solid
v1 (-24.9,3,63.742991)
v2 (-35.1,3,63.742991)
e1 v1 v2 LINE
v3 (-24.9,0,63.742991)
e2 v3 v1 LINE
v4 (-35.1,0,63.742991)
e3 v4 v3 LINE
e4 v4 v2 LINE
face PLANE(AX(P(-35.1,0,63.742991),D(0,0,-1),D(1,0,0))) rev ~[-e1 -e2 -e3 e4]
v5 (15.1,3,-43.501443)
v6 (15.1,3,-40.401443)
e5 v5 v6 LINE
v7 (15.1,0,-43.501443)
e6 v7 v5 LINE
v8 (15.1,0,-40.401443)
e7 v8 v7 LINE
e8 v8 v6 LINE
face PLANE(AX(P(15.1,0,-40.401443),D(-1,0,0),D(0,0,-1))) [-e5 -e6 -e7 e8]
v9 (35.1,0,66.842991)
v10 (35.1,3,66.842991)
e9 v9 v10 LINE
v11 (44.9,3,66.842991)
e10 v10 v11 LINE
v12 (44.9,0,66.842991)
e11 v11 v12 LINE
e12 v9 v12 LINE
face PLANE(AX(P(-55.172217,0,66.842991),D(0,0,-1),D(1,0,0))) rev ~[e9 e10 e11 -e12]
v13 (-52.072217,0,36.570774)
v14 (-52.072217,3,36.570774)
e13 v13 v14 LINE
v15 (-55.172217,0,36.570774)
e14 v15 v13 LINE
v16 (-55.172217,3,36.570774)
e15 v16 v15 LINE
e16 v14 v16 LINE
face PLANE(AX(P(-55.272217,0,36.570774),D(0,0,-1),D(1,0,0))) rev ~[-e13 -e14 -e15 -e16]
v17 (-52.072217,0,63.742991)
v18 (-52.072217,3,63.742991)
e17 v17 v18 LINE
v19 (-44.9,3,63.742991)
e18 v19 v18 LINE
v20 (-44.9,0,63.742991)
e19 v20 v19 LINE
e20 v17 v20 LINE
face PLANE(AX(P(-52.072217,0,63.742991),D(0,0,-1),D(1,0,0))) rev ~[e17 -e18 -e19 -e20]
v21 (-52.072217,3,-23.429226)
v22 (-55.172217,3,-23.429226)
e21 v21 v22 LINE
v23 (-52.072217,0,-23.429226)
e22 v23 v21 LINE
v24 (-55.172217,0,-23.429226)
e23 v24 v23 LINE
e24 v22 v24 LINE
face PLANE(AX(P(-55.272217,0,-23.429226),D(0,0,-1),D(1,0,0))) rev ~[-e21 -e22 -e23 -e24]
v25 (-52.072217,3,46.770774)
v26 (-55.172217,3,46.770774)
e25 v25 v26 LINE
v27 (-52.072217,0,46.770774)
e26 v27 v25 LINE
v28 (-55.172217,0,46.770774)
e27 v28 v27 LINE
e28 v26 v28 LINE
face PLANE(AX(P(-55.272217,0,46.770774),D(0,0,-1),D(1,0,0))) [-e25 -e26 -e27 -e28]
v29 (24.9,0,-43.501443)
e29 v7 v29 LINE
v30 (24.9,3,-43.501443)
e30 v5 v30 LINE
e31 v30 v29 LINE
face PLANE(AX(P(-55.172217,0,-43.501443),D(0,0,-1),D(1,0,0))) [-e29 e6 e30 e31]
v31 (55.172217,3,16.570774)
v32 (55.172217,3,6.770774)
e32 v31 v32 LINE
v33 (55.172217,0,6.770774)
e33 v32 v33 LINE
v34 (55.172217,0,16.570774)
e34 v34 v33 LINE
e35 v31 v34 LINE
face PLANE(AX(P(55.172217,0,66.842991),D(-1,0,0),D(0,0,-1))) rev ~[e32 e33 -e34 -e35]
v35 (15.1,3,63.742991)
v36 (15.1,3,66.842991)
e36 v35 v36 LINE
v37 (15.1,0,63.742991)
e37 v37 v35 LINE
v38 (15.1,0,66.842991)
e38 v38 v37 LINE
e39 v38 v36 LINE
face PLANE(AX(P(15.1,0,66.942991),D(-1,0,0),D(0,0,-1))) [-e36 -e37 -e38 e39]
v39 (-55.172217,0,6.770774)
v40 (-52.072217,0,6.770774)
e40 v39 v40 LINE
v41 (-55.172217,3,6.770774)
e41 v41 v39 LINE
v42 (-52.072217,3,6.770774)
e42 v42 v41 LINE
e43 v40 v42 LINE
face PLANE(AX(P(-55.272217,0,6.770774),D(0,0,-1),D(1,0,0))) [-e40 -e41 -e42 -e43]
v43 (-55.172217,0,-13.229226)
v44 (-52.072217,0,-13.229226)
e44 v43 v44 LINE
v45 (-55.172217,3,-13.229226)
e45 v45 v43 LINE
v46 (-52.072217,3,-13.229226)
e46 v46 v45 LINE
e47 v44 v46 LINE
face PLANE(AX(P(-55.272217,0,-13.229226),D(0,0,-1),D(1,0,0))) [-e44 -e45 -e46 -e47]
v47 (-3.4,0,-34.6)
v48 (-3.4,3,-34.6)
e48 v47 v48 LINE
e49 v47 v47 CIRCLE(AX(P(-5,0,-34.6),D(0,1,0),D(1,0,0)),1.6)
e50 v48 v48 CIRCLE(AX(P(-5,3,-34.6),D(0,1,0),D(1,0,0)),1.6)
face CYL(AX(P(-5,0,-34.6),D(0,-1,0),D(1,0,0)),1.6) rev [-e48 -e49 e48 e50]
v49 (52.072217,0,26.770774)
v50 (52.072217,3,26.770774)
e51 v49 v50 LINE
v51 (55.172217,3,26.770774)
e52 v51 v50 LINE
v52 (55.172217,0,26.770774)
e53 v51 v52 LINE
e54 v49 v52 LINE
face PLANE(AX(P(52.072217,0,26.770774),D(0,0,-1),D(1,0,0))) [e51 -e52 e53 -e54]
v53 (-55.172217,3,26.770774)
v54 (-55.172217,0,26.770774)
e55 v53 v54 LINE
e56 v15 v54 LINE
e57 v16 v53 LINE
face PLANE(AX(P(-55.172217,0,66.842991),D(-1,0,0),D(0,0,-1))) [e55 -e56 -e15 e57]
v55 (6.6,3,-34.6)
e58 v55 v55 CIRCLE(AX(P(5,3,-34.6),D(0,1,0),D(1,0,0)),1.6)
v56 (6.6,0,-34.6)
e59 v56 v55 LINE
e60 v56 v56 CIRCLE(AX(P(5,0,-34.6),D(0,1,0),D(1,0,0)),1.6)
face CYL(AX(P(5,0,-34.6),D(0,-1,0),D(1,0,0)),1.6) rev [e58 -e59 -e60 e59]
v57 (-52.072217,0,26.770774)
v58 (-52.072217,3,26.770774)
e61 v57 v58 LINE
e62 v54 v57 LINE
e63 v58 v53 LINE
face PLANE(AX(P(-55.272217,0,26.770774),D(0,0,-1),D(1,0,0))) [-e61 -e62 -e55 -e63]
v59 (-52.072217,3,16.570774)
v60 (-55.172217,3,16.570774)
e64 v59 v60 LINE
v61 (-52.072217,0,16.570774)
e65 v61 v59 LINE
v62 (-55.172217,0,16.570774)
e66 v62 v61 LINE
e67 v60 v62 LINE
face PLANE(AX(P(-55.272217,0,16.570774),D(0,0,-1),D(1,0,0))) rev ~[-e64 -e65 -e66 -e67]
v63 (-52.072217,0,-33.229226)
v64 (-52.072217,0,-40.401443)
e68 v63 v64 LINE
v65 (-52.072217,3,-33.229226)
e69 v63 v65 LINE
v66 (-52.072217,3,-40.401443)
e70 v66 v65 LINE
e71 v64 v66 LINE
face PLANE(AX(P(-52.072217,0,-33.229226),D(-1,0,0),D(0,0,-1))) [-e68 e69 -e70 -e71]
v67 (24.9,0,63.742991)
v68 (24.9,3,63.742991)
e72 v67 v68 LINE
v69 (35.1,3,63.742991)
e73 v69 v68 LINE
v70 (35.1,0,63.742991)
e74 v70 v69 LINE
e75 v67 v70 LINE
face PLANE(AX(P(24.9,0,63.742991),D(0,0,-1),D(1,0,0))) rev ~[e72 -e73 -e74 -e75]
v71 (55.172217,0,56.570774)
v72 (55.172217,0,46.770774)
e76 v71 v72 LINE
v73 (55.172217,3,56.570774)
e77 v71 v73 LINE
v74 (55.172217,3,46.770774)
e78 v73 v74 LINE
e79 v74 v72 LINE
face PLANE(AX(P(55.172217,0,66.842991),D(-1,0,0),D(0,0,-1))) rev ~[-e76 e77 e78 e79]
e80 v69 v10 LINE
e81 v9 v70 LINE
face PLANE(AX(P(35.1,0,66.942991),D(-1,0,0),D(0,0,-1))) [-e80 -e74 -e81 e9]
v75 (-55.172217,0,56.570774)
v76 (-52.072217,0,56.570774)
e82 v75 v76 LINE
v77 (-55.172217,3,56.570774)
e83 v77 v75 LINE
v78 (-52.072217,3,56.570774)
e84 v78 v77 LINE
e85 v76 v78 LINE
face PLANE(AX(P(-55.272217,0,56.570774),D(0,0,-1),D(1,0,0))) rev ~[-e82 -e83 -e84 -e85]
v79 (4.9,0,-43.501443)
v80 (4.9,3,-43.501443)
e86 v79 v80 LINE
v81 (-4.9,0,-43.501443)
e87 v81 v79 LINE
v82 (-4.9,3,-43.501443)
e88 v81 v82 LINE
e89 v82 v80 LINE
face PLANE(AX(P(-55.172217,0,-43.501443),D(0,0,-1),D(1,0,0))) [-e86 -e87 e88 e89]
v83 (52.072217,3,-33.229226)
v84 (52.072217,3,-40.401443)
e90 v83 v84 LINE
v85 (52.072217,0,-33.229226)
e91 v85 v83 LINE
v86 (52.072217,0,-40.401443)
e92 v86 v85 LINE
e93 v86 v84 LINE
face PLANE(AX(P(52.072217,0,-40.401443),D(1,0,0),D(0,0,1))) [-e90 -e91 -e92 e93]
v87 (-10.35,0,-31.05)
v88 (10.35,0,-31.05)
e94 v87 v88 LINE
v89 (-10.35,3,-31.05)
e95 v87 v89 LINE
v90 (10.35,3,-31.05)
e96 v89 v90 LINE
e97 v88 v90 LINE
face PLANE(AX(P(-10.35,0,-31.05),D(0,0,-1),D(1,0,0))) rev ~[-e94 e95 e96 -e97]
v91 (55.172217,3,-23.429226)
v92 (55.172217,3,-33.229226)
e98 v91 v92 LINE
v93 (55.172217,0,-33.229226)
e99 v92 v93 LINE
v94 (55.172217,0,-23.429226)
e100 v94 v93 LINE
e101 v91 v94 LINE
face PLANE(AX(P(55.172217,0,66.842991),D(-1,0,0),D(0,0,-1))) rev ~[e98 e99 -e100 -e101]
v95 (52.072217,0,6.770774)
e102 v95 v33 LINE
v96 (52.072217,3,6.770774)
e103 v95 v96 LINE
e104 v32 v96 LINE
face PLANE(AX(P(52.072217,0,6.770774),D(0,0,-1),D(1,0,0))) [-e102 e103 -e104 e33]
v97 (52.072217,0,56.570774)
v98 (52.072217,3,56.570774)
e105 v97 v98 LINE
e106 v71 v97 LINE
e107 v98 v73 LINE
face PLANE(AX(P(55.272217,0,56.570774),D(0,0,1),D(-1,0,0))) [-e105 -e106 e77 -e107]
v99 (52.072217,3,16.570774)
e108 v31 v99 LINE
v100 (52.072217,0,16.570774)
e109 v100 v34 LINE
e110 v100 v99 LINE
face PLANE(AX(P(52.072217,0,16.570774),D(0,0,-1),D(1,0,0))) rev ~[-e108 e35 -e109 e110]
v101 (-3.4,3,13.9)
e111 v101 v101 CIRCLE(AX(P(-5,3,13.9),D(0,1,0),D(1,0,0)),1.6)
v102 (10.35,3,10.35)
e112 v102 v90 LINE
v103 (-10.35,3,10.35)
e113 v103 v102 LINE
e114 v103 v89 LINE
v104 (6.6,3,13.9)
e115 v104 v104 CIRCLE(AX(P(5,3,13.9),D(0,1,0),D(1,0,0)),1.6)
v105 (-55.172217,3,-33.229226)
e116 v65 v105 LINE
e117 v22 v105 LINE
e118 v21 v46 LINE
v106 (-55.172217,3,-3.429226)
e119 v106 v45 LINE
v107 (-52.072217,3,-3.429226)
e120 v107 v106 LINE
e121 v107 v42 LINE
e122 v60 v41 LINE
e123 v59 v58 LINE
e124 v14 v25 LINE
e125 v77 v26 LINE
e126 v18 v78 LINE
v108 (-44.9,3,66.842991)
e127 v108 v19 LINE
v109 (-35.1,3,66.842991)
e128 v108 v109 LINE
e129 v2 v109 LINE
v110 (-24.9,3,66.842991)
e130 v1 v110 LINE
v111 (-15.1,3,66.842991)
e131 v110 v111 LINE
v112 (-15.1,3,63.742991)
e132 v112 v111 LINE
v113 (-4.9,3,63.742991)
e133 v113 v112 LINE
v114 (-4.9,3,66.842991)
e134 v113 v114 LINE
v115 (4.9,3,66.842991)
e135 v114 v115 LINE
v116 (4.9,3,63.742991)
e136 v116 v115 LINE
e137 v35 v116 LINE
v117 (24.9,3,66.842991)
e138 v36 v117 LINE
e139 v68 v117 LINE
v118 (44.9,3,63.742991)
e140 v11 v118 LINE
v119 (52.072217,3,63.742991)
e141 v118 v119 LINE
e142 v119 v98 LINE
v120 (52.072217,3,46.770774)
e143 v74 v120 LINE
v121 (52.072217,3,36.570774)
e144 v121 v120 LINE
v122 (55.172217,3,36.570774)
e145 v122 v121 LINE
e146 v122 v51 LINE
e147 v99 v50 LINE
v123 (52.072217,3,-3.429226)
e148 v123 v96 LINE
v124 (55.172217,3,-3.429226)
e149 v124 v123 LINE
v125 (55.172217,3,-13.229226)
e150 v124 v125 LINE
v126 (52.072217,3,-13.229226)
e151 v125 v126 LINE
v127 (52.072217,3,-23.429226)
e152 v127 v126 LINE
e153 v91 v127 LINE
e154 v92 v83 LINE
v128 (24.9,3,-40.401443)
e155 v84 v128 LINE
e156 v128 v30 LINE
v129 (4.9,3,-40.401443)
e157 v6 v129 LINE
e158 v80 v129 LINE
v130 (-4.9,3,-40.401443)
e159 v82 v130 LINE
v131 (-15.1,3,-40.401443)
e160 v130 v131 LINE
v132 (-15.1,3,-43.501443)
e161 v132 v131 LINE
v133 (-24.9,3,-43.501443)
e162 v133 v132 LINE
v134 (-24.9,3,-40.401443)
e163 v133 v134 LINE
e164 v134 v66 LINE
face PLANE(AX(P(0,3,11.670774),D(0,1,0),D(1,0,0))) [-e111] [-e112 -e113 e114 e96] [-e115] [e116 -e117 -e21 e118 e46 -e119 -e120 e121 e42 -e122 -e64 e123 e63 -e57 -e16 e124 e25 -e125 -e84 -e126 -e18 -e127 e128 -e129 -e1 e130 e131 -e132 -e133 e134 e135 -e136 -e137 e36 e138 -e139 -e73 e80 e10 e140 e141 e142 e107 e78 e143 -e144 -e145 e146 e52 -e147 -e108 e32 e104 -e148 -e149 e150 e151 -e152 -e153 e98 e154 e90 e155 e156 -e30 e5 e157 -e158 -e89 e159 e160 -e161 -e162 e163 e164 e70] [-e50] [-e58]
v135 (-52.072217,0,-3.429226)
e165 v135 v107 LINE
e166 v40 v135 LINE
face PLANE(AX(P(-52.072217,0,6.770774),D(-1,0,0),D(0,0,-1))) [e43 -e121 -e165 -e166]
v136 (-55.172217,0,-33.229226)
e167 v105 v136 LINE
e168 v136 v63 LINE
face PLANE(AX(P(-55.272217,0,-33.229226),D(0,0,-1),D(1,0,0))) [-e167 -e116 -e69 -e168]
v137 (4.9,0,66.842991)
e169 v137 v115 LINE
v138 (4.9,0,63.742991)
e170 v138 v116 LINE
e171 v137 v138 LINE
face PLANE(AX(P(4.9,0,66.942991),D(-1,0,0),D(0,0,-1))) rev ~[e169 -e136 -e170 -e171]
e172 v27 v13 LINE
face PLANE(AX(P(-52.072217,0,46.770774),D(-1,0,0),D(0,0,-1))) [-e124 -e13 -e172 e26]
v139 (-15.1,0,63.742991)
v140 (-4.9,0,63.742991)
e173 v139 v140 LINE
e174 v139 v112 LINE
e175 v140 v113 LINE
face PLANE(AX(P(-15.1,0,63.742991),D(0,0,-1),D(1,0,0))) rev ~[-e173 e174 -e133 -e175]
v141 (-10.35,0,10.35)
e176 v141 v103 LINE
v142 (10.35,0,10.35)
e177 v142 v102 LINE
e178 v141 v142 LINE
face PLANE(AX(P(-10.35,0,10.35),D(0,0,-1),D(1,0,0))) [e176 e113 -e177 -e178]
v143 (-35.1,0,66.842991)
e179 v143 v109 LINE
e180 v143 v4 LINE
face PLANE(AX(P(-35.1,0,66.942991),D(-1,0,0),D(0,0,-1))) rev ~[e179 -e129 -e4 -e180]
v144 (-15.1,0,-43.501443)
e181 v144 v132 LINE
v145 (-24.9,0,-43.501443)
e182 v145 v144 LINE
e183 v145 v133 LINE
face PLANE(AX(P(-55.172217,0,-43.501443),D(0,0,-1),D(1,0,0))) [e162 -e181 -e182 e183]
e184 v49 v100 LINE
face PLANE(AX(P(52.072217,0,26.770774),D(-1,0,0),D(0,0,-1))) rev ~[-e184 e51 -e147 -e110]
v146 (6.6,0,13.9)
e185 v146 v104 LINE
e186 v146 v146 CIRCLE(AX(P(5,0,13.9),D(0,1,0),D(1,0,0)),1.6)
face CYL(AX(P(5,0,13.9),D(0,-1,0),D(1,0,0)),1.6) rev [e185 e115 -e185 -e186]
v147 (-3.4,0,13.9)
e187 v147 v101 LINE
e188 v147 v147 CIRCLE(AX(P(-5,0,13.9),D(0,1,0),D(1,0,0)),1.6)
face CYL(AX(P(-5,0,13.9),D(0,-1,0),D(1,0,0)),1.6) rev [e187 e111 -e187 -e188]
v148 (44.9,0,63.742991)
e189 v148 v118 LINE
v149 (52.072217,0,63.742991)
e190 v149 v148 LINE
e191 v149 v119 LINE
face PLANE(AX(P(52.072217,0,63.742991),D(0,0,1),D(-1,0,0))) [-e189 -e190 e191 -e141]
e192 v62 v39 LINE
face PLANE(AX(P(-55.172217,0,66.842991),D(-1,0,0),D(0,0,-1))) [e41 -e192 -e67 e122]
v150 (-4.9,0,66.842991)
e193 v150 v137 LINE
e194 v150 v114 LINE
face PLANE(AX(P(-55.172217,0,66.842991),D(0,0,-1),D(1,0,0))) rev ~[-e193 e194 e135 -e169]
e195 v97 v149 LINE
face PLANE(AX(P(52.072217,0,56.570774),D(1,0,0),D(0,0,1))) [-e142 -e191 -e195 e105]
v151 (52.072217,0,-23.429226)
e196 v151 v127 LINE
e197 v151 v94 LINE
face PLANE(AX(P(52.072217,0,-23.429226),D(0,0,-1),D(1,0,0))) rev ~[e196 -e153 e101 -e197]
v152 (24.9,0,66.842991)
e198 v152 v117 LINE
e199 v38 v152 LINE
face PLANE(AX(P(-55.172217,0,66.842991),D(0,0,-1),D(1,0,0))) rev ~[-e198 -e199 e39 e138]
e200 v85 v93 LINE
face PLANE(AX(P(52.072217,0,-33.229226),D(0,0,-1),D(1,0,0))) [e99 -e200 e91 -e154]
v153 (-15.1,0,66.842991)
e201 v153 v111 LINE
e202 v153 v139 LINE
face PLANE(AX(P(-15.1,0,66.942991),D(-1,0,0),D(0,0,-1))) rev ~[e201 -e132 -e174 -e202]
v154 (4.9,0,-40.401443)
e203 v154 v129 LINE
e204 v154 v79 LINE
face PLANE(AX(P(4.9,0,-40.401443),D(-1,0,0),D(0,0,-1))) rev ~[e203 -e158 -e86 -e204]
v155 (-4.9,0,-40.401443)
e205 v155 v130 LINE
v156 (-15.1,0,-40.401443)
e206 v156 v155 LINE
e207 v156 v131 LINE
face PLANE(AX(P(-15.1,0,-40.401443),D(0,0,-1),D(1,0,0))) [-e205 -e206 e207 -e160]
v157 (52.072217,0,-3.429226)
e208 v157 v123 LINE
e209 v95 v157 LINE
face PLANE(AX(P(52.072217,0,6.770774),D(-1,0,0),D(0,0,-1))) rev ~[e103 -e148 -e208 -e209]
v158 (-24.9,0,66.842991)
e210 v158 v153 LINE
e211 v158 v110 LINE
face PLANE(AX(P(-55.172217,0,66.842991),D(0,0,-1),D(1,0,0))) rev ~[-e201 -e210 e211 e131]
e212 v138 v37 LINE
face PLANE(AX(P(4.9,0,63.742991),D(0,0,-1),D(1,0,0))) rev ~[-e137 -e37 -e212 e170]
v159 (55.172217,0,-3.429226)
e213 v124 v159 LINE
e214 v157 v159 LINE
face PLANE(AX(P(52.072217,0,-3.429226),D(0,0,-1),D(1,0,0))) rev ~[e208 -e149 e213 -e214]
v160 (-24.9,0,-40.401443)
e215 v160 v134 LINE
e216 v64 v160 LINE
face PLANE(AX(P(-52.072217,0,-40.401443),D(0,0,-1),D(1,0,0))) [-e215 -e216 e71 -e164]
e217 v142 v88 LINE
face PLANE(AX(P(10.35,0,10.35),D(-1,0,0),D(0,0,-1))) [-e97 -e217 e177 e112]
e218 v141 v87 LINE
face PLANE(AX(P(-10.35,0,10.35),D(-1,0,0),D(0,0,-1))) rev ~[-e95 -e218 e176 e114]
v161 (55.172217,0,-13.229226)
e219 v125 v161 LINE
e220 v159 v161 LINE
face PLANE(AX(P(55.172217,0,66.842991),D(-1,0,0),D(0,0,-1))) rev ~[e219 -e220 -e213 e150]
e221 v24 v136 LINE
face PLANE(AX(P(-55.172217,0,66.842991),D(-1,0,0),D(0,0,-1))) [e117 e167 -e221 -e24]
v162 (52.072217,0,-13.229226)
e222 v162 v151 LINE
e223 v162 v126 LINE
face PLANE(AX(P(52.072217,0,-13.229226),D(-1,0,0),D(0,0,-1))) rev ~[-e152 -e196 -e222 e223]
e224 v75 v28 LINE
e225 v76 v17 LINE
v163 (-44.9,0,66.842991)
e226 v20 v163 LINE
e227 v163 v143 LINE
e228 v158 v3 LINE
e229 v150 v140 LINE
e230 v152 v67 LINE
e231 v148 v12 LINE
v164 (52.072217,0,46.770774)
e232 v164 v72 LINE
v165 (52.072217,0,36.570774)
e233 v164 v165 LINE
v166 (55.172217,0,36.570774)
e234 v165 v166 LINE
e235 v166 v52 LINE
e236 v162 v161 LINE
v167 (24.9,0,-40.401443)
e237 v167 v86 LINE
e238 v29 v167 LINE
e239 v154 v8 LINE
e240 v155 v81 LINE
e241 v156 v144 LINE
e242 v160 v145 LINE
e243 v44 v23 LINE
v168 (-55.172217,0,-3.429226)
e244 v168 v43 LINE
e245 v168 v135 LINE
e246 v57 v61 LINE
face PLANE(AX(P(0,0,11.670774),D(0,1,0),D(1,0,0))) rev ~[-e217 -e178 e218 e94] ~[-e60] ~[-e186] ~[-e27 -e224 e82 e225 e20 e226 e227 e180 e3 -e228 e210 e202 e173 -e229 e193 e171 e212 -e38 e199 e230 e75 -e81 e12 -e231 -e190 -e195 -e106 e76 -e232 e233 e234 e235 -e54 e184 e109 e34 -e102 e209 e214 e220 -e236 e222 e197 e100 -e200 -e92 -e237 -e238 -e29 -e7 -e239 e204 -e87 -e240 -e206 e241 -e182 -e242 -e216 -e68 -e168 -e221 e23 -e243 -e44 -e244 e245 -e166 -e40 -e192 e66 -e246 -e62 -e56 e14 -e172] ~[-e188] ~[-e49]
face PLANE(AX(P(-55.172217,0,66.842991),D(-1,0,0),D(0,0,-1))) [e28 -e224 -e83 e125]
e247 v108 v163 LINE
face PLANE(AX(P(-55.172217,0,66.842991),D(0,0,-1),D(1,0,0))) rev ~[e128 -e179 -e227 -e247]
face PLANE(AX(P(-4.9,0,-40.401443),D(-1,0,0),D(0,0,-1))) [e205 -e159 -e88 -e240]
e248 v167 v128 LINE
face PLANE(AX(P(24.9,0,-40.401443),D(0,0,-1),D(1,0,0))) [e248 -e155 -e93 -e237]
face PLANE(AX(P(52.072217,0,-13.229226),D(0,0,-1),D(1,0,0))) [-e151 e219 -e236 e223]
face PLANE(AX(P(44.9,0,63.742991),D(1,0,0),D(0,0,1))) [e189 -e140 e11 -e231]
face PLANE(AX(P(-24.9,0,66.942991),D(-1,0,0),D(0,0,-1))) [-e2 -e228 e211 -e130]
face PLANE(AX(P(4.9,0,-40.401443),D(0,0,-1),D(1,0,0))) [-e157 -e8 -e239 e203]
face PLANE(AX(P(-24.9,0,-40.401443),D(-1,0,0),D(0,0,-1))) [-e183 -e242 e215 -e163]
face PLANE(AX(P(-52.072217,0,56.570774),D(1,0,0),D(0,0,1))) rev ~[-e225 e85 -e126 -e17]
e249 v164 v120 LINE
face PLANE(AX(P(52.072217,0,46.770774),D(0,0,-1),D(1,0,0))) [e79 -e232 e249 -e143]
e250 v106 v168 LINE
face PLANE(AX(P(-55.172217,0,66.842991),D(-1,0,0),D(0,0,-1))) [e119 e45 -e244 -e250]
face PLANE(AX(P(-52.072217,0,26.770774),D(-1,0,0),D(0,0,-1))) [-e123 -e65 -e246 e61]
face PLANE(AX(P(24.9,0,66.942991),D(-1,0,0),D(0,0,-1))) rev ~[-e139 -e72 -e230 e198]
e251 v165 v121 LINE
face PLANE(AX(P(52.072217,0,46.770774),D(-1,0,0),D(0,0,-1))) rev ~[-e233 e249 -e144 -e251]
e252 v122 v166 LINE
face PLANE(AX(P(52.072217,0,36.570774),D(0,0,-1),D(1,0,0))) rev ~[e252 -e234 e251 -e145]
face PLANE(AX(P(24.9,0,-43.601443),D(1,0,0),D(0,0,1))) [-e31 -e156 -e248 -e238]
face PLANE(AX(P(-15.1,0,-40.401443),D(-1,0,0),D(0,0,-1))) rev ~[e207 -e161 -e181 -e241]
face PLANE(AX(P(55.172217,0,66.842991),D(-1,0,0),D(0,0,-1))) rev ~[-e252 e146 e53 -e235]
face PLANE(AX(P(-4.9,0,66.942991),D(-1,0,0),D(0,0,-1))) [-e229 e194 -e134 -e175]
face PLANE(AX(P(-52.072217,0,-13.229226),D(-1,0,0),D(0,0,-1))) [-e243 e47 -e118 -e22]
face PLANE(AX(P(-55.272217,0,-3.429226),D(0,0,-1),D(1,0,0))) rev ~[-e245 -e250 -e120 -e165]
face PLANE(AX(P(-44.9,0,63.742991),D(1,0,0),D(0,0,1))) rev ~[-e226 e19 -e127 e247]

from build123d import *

# Parameters (mm, degrees)
SKETCH1_W           = 110.344434204
SKETCH1_H           = 110.344434204
SKETCH1_R           = 1.6
SKETCH1_W_2         = 20.7
SKETCH1_H_2         = 41.4
BOSS_EXTRUDE1_DEPTH = 3
SKETCH3_W           = 3.2
SKETCH3_H           = 10.2
SKETCH3_W_2         = 10.2
SKETCH3_H_2         = 3.2
CUT_EXTRUDE1_DEPTH  = 4


with BuildPart() as part:
    # Sketch1 → Boss-Extrude1 (new body)
    with BuildSketch(Plane(origin=(0, 0, 0), x_dir=(1, 0, 0), z_dir=(0, 1, 0))):
        with Locations((0, -11.670773756)):
            Rectangle(SKETCH1_W, SKETCH1_H)
        with Locations((-5, 34.6)):
            Circle(SKETCH1_R, mode=Mode.SUBTRACT)
        with Locations((5, 34.6)):
            Circle(SKETCH1_R, mode=Mode.SUBTRACT)
        with Locations((5, -13.9)):
            Circle(SKETCH1_R, mode=Mode.SUBTRACT)
        with Locations((-5, -13.9)):
            Circle(SKETCH1_R, mode=Mode.SUBTRACT)
        with Locations((0, 10.35)):
            Rectangle(SKETCH1_W_2, SKETCH1_H_2, mode=Mode.SUBTRACT)
    extrude(amount=BOSS_EXTRUDE1_DEPTH)

    # Sketch3 → Cut-Extrude1 (cut, through all)
    with BuildSketch(Plane(origin=(0, 0, 0), x_dir=(1, 0, 0), z_dir=(0, 1, 0))):
        Polygon((-55.272217102, 43.601443346), (-55.272217102, 33.229226244), (-52.072217102, 33.229226244), (-52.072217102, 40.401443346), (-24.9, 40.401443346), (-24.9, 43.601443346), align=None)
        with Locations((-53.672217102, -1.670773756)):
            Rectangle(SKETCH3_W, SKETCH3_H)
        with Locations((-53.672217102, 18.329226244)):
            Rectangle(SKETCH3_W, SKETCH3_H)
        with Locations((-10, 42.001443346)):
            Rectangle(SKETCH3_W_2, SKETCH3_H_2)
        with Locations((-10, -65.342990858)):
            Rectangle(SKETCH3_W_2, SKETCH3_H_2)
        with Locations((-30, -65.342990858)):
            Rectangle(SKETCH3_W_2, SKETCH3_H_2)
        Polygon((-55.272217102, -56.570773756), (-52.072217102, -56.570773756), (-52.072217102, -63.742990858), (-44.9, -63.742990858), (-44.9, -66.942990858), (-55.272217102, -66.942990858), align=None)
        with Locations((-53.672217102, -21.670773756)):
            Rectangle(SKETCH3_W, SKETCH3_H)
        with Locations((-53.672217102, -41.670773756)):
            Rectangle(SKETCH3_W, SKETCH3_H)
        with Locations((30, -65.342990858)):
            Rectangle(SKETCH3_W_2, SKETCH3_H_2)
        with Locations((10, -65.342990858)):
            Rectangle(SKETCH3_W_2, SKETCH3_H_2)
        with Locations((53.672217102, -41.670773756)):
            Rectangle(SKETCH3_W, SKETCH3_H)
        with Locations((53.672217102, -21.670773756)):
            Rectangle(SKETCH3_W, SKETCH3_H)
        Polygon((52.072217102, -56.570773756), (52.072217102, -63.742990858), (44.9, -63.742990858), (44.9, -66.942990858), (55.272217102, -66.942990858), (55.272217102, -56.570773756), align=None)
        with Locations((53.672217102, -1.670773756)):
            Rectangle(SKETCH3_W, SKETCH3_H)
        with Locations((53.672217102, 18.329226244)):
            Rectangle(SKETCH3_W, SKETCH3_H)
        Polygon((24.9, 43.601443346), (24.9, 40.401443346), (52.072217102, 40.401443346), (52.072217102, 33.229226244), (55.272217102, 33.229226244), (55.272217102, 43.601443346), align=None)
        with Locations((10, 42.001443346)):
            Rectangle(SKETCH3_W_2, SKETCH3_H_2)
    extrude(amount=CUT_EXTRUDE1_DEPTH, mode=Mode.SUBTRACT)


solid = part.part
